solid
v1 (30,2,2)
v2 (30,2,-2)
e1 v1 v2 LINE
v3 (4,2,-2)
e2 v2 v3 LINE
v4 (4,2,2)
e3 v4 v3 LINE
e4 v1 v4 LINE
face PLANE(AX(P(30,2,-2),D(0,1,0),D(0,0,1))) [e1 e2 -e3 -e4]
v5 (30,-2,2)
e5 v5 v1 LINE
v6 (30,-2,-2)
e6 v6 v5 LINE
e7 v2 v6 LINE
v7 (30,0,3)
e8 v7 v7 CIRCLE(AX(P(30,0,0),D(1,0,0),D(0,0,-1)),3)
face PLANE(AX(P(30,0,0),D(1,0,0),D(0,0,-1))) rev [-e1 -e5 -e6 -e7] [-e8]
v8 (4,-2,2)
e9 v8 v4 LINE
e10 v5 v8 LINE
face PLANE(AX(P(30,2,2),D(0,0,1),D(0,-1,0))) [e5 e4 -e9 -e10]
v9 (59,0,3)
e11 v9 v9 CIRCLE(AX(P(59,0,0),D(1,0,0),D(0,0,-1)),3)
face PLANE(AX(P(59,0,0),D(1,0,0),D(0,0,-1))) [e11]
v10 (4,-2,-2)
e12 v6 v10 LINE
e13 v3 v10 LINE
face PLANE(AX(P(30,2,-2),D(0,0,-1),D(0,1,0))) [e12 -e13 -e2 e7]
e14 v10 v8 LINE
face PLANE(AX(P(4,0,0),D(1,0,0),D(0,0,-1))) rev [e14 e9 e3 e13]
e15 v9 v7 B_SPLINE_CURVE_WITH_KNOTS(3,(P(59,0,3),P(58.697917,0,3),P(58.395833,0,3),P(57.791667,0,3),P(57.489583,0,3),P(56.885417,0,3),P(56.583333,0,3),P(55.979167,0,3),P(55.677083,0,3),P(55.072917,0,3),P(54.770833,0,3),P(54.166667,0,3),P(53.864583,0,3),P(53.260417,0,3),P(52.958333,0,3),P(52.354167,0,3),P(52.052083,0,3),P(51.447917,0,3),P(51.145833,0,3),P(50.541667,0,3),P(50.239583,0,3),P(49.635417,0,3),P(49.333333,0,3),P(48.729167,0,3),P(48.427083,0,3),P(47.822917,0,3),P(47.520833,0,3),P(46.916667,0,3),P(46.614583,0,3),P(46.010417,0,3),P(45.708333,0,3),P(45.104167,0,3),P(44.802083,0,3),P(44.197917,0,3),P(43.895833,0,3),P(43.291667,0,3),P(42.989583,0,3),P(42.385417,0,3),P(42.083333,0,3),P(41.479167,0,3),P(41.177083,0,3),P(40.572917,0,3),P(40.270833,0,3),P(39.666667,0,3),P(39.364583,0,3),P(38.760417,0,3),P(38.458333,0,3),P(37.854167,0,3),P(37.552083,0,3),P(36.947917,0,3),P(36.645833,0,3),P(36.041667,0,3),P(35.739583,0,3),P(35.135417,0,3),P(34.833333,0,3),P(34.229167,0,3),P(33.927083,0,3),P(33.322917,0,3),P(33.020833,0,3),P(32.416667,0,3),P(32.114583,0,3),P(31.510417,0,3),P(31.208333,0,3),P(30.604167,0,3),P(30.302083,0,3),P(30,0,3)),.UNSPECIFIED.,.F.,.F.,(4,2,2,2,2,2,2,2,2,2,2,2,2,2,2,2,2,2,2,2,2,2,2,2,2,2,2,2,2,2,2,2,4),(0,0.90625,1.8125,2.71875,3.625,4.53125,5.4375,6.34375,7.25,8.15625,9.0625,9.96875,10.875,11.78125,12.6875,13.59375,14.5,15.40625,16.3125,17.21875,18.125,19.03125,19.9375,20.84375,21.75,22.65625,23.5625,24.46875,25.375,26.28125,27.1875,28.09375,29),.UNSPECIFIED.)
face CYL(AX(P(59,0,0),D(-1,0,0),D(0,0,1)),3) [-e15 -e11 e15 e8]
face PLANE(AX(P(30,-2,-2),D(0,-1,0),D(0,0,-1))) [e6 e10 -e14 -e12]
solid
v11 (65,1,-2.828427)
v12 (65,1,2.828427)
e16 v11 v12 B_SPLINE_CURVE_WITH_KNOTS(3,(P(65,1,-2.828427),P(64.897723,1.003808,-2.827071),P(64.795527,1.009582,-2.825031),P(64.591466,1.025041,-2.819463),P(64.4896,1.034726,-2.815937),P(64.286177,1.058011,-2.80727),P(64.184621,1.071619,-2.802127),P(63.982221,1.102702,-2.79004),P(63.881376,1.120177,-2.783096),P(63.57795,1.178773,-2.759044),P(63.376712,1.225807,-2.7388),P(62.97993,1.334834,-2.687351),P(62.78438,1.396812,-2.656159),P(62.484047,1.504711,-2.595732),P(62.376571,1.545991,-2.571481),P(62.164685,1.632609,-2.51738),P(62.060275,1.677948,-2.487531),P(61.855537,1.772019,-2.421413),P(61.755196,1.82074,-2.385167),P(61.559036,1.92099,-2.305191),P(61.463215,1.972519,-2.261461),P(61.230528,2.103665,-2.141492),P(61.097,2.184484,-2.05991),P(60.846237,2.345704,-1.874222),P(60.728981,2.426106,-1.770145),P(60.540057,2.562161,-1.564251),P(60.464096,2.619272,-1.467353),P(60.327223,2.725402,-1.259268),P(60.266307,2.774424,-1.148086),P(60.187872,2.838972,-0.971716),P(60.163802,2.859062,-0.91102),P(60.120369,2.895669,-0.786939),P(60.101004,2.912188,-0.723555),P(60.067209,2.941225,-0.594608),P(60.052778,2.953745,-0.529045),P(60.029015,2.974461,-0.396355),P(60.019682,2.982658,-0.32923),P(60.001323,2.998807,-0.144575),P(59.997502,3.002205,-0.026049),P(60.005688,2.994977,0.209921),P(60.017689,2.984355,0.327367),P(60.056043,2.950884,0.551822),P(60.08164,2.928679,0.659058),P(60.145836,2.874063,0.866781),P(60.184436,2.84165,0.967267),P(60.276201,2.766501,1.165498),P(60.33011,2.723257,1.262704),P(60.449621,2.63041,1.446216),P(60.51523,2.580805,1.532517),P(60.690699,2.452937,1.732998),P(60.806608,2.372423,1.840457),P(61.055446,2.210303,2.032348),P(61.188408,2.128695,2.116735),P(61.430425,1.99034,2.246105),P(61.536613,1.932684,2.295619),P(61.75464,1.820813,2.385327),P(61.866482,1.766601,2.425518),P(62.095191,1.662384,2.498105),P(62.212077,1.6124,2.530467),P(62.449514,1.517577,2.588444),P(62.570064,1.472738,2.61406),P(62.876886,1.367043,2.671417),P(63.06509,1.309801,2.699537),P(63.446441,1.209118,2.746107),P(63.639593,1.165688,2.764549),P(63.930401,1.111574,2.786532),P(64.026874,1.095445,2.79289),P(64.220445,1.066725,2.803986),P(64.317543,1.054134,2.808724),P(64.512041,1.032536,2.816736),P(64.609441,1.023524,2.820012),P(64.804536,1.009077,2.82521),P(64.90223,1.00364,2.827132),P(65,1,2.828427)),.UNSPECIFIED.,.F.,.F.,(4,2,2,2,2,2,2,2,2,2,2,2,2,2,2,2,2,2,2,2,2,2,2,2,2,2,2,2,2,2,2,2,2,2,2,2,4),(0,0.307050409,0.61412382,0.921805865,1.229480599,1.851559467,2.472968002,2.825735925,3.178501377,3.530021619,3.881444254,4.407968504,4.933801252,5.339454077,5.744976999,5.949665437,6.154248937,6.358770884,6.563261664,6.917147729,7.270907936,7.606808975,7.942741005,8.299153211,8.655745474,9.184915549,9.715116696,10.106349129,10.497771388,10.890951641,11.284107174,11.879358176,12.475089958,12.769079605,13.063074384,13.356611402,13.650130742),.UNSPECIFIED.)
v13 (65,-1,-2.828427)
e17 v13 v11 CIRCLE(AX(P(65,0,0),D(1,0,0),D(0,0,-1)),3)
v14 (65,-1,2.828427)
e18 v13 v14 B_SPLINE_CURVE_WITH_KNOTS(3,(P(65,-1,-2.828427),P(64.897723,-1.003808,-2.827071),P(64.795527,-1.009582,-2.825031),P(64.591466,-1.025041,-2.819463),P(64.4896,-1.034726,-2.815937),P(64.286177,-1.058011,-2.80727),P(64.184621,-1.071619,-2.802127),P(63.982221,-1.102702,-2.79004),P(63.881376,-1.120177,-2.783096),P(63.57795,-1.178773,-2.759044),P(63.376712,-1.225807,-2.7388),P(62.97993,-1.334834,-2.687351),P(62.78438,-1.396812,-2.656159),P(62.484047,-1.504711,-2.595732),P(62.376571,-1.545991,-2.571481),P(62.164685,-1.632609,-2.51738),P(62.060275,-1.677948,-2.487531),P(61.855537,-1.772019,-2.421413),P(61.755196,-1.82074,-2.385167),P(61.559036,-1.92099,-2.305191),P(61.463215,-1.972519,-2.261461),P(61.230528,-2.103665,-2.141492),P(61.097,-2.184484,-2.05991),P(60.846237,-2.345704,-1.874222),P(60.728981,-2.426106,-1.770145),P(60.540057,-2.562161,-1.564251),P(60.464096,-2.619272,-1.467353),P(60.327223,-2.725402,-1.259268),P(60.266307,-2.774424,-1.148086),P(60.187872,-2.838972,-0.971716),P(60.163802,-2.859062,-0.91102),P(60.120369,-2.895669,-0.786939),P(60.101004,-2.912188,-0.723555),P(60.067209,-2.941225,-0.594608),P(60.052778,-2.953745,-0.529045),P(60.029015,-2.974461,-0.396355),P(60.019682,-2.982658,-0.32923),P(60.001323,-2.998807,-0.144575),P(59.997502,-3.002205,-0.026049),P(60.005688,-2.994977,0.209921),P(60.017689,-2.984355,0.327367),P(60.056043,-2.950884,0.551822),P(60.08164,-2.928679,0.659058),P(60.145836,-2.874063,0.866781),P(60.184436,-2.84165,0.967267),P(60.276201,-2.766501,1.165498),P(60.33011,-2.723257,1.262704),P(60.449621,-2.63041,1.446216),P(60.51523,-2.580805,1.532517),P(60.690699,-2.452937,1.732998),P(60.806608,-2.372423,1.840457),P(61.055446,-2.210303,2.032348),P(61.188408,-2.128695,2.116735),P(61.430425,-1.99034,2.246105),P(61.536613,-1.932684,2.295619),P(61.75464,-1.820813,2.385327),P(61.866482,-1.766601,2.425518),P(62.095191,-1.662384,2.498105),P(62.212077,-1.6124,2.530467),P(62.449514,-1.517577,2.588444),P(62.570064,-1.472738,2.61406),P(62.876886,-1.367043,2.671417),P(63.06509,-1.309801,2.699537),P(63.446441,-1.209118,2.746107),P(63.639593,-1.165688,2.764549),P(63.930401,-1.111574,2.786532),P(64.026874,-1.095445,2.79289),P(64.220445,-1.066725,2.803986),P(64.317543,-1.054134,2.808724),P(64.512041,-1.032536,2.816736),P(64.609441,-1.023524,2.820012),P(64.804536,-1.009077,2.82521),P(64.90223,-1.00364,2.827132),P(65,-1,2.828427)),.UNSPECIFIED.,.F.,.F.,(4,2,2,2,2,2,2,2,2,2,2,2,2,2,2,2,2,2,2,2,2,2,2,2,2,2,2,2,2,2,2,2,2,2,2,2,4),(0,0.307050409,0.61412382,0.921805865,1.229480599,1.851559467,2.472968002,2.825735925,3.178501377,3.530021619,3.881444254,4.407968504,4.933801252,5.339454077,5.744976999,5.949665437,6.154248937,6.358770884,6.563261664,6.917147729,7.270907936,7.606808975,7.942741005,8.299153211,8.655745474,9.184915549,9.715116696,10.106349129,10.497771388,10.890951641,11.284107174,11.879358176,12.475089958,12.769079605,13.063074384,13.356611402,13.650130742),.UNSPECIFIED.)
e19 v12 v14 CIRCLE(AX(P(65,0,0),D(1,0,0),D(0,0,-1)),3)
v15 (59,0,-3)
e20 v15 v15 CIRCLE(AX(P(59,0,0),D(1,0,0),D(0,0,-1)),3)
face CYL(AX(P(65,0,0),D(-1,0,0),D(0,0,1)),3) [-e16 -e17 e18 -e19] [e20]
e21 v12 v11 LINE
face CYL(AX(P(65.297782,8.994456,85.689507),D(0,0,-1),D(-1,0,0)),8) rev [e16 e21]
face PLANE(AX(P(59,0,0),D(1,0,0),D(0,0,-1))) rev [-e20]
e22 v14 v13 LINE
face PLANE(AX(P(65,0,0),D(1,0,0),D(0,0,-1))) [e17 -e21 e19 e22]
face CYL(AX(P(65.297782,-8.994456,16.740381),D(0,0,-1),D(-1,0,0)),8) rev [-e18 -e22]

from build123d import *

# Parameters (mm, degrees)
SKETCH3_R           = 3
BOSS_EXTRUDE1_DEPTH = 29
SKETCH14_R          = 3
BOSS_EXTRUDE2_DEPTH = 6
CUT_EXTRUDE1_DEPTH  = 66.138314378
SKETCH16_W          = 4
SKETCH16_H          = 4
BOSS_EXTRUDE3_DEPTH = 30
SKETCH19_W          = 4
SKETCH19_H          = 4
CUT_EXTRUDE2_DEPTH  = 4


with BuildPart() as part:
    # Sketch1 → Loft1 section 0
    with BuildSketch(Plane(origin=(0, 0, 0), x_dir=(0, 0, -1), z_dir=(1, 0, 0))):
        with BuildLine():
            Line((-1, -1), (1, -1))
            Line((1, -1), (1, 1))
            Line((1, 1), (-1, 1))
            Line((-1, 1), (-1, -1))
        make_face()
    # Sketch2 → Loft1 section 1
    with BuildSketch(Plane(origin=(30, 0, 0), x_dir=(0, 0, -1), z_dir=(1, 0, 0))):
        with BuildLine():
            Line((-1, -1), (1, -1))
            Line((1, -1), (1, 1))
            Line((1, 1), (-1, 1))
            Line((-1, 1), (-1, -1))
        make_face()
    loft()

    # Sketch3 → Boss-Extrude1 (add)
    with BuildSketch(Plane(origin=(30, 0, 0), x_dir=(0, 0, -1), z_dir=(1, 0, 0))):
        with Locations(Location((0, 0, 0), (0, 0, 180))):
            Circle(SKETCH3_R)
    extrude(amount=BOSS_EXTRUDE1_DEPTH)

    # Sketch16 → Boss-Extrude3 (add)
    with BuildSketch(Plane.ZY):
        Rectangle(SKETCH16_W, SKETCH16_H)
    extrude(amount=-BOSS_EXTRUDE3_DEPTH)

    # Sketch19 → Cut-Extrude2 (cut)
    with BuildSketch(Plane.ZY):
        Rectangle(SKETCH19_W, SKETCH19_H)
    extrude(amount=-CUT_EXTRUDE2_DEPTH, mode=Mode.SUBTRACT)


with BuildPart() as body_2:
    # Sketch14 → Boss-Extrude2 (new body)
    with BuildSketch(Plane(origin=(59, 0, 0), x_dir=(0, 0, -1), z_dir=(1, 0, 0))):
        Circle(SKETCH14_R)
    extrude(amount=BOSS_EXTRUDE2_DEPTH)

    # Sketch15 → Cut-Extrude1 (cut, symmetric)
    with BuildSketch(Plane.XY):
        with BuildLine():
            Line((-45.087249476, 95.874046313), (60, 3))
            ThreePointArc((60, 3), (62.326656962, 1.566642406), (65, 1))
            Line((65, 1), (205.148729836, -4.220345412))
            Line((205.148729836, -4.220345412), (309.320785076, 256.209792687))
            Line((309.320785076, 256.209792687), (59.084805764, 356.304184412))
            Line((59.084805764, 356.304184412), (-45.087249476, 95.874046313))
        make_face()
    cut_extrude1 = extrude(amount=CUT_EXTRUDE1_DEPTH, both=True, mode=Mode.SUBTRACT)

    # Mirror1: Cut-Extrude1 across plane
    add(cut_extrude1.mirror(Plane.ZX), mode=Mode.SUBTRACT)


solid = Compound([part.part, body_2.part])
